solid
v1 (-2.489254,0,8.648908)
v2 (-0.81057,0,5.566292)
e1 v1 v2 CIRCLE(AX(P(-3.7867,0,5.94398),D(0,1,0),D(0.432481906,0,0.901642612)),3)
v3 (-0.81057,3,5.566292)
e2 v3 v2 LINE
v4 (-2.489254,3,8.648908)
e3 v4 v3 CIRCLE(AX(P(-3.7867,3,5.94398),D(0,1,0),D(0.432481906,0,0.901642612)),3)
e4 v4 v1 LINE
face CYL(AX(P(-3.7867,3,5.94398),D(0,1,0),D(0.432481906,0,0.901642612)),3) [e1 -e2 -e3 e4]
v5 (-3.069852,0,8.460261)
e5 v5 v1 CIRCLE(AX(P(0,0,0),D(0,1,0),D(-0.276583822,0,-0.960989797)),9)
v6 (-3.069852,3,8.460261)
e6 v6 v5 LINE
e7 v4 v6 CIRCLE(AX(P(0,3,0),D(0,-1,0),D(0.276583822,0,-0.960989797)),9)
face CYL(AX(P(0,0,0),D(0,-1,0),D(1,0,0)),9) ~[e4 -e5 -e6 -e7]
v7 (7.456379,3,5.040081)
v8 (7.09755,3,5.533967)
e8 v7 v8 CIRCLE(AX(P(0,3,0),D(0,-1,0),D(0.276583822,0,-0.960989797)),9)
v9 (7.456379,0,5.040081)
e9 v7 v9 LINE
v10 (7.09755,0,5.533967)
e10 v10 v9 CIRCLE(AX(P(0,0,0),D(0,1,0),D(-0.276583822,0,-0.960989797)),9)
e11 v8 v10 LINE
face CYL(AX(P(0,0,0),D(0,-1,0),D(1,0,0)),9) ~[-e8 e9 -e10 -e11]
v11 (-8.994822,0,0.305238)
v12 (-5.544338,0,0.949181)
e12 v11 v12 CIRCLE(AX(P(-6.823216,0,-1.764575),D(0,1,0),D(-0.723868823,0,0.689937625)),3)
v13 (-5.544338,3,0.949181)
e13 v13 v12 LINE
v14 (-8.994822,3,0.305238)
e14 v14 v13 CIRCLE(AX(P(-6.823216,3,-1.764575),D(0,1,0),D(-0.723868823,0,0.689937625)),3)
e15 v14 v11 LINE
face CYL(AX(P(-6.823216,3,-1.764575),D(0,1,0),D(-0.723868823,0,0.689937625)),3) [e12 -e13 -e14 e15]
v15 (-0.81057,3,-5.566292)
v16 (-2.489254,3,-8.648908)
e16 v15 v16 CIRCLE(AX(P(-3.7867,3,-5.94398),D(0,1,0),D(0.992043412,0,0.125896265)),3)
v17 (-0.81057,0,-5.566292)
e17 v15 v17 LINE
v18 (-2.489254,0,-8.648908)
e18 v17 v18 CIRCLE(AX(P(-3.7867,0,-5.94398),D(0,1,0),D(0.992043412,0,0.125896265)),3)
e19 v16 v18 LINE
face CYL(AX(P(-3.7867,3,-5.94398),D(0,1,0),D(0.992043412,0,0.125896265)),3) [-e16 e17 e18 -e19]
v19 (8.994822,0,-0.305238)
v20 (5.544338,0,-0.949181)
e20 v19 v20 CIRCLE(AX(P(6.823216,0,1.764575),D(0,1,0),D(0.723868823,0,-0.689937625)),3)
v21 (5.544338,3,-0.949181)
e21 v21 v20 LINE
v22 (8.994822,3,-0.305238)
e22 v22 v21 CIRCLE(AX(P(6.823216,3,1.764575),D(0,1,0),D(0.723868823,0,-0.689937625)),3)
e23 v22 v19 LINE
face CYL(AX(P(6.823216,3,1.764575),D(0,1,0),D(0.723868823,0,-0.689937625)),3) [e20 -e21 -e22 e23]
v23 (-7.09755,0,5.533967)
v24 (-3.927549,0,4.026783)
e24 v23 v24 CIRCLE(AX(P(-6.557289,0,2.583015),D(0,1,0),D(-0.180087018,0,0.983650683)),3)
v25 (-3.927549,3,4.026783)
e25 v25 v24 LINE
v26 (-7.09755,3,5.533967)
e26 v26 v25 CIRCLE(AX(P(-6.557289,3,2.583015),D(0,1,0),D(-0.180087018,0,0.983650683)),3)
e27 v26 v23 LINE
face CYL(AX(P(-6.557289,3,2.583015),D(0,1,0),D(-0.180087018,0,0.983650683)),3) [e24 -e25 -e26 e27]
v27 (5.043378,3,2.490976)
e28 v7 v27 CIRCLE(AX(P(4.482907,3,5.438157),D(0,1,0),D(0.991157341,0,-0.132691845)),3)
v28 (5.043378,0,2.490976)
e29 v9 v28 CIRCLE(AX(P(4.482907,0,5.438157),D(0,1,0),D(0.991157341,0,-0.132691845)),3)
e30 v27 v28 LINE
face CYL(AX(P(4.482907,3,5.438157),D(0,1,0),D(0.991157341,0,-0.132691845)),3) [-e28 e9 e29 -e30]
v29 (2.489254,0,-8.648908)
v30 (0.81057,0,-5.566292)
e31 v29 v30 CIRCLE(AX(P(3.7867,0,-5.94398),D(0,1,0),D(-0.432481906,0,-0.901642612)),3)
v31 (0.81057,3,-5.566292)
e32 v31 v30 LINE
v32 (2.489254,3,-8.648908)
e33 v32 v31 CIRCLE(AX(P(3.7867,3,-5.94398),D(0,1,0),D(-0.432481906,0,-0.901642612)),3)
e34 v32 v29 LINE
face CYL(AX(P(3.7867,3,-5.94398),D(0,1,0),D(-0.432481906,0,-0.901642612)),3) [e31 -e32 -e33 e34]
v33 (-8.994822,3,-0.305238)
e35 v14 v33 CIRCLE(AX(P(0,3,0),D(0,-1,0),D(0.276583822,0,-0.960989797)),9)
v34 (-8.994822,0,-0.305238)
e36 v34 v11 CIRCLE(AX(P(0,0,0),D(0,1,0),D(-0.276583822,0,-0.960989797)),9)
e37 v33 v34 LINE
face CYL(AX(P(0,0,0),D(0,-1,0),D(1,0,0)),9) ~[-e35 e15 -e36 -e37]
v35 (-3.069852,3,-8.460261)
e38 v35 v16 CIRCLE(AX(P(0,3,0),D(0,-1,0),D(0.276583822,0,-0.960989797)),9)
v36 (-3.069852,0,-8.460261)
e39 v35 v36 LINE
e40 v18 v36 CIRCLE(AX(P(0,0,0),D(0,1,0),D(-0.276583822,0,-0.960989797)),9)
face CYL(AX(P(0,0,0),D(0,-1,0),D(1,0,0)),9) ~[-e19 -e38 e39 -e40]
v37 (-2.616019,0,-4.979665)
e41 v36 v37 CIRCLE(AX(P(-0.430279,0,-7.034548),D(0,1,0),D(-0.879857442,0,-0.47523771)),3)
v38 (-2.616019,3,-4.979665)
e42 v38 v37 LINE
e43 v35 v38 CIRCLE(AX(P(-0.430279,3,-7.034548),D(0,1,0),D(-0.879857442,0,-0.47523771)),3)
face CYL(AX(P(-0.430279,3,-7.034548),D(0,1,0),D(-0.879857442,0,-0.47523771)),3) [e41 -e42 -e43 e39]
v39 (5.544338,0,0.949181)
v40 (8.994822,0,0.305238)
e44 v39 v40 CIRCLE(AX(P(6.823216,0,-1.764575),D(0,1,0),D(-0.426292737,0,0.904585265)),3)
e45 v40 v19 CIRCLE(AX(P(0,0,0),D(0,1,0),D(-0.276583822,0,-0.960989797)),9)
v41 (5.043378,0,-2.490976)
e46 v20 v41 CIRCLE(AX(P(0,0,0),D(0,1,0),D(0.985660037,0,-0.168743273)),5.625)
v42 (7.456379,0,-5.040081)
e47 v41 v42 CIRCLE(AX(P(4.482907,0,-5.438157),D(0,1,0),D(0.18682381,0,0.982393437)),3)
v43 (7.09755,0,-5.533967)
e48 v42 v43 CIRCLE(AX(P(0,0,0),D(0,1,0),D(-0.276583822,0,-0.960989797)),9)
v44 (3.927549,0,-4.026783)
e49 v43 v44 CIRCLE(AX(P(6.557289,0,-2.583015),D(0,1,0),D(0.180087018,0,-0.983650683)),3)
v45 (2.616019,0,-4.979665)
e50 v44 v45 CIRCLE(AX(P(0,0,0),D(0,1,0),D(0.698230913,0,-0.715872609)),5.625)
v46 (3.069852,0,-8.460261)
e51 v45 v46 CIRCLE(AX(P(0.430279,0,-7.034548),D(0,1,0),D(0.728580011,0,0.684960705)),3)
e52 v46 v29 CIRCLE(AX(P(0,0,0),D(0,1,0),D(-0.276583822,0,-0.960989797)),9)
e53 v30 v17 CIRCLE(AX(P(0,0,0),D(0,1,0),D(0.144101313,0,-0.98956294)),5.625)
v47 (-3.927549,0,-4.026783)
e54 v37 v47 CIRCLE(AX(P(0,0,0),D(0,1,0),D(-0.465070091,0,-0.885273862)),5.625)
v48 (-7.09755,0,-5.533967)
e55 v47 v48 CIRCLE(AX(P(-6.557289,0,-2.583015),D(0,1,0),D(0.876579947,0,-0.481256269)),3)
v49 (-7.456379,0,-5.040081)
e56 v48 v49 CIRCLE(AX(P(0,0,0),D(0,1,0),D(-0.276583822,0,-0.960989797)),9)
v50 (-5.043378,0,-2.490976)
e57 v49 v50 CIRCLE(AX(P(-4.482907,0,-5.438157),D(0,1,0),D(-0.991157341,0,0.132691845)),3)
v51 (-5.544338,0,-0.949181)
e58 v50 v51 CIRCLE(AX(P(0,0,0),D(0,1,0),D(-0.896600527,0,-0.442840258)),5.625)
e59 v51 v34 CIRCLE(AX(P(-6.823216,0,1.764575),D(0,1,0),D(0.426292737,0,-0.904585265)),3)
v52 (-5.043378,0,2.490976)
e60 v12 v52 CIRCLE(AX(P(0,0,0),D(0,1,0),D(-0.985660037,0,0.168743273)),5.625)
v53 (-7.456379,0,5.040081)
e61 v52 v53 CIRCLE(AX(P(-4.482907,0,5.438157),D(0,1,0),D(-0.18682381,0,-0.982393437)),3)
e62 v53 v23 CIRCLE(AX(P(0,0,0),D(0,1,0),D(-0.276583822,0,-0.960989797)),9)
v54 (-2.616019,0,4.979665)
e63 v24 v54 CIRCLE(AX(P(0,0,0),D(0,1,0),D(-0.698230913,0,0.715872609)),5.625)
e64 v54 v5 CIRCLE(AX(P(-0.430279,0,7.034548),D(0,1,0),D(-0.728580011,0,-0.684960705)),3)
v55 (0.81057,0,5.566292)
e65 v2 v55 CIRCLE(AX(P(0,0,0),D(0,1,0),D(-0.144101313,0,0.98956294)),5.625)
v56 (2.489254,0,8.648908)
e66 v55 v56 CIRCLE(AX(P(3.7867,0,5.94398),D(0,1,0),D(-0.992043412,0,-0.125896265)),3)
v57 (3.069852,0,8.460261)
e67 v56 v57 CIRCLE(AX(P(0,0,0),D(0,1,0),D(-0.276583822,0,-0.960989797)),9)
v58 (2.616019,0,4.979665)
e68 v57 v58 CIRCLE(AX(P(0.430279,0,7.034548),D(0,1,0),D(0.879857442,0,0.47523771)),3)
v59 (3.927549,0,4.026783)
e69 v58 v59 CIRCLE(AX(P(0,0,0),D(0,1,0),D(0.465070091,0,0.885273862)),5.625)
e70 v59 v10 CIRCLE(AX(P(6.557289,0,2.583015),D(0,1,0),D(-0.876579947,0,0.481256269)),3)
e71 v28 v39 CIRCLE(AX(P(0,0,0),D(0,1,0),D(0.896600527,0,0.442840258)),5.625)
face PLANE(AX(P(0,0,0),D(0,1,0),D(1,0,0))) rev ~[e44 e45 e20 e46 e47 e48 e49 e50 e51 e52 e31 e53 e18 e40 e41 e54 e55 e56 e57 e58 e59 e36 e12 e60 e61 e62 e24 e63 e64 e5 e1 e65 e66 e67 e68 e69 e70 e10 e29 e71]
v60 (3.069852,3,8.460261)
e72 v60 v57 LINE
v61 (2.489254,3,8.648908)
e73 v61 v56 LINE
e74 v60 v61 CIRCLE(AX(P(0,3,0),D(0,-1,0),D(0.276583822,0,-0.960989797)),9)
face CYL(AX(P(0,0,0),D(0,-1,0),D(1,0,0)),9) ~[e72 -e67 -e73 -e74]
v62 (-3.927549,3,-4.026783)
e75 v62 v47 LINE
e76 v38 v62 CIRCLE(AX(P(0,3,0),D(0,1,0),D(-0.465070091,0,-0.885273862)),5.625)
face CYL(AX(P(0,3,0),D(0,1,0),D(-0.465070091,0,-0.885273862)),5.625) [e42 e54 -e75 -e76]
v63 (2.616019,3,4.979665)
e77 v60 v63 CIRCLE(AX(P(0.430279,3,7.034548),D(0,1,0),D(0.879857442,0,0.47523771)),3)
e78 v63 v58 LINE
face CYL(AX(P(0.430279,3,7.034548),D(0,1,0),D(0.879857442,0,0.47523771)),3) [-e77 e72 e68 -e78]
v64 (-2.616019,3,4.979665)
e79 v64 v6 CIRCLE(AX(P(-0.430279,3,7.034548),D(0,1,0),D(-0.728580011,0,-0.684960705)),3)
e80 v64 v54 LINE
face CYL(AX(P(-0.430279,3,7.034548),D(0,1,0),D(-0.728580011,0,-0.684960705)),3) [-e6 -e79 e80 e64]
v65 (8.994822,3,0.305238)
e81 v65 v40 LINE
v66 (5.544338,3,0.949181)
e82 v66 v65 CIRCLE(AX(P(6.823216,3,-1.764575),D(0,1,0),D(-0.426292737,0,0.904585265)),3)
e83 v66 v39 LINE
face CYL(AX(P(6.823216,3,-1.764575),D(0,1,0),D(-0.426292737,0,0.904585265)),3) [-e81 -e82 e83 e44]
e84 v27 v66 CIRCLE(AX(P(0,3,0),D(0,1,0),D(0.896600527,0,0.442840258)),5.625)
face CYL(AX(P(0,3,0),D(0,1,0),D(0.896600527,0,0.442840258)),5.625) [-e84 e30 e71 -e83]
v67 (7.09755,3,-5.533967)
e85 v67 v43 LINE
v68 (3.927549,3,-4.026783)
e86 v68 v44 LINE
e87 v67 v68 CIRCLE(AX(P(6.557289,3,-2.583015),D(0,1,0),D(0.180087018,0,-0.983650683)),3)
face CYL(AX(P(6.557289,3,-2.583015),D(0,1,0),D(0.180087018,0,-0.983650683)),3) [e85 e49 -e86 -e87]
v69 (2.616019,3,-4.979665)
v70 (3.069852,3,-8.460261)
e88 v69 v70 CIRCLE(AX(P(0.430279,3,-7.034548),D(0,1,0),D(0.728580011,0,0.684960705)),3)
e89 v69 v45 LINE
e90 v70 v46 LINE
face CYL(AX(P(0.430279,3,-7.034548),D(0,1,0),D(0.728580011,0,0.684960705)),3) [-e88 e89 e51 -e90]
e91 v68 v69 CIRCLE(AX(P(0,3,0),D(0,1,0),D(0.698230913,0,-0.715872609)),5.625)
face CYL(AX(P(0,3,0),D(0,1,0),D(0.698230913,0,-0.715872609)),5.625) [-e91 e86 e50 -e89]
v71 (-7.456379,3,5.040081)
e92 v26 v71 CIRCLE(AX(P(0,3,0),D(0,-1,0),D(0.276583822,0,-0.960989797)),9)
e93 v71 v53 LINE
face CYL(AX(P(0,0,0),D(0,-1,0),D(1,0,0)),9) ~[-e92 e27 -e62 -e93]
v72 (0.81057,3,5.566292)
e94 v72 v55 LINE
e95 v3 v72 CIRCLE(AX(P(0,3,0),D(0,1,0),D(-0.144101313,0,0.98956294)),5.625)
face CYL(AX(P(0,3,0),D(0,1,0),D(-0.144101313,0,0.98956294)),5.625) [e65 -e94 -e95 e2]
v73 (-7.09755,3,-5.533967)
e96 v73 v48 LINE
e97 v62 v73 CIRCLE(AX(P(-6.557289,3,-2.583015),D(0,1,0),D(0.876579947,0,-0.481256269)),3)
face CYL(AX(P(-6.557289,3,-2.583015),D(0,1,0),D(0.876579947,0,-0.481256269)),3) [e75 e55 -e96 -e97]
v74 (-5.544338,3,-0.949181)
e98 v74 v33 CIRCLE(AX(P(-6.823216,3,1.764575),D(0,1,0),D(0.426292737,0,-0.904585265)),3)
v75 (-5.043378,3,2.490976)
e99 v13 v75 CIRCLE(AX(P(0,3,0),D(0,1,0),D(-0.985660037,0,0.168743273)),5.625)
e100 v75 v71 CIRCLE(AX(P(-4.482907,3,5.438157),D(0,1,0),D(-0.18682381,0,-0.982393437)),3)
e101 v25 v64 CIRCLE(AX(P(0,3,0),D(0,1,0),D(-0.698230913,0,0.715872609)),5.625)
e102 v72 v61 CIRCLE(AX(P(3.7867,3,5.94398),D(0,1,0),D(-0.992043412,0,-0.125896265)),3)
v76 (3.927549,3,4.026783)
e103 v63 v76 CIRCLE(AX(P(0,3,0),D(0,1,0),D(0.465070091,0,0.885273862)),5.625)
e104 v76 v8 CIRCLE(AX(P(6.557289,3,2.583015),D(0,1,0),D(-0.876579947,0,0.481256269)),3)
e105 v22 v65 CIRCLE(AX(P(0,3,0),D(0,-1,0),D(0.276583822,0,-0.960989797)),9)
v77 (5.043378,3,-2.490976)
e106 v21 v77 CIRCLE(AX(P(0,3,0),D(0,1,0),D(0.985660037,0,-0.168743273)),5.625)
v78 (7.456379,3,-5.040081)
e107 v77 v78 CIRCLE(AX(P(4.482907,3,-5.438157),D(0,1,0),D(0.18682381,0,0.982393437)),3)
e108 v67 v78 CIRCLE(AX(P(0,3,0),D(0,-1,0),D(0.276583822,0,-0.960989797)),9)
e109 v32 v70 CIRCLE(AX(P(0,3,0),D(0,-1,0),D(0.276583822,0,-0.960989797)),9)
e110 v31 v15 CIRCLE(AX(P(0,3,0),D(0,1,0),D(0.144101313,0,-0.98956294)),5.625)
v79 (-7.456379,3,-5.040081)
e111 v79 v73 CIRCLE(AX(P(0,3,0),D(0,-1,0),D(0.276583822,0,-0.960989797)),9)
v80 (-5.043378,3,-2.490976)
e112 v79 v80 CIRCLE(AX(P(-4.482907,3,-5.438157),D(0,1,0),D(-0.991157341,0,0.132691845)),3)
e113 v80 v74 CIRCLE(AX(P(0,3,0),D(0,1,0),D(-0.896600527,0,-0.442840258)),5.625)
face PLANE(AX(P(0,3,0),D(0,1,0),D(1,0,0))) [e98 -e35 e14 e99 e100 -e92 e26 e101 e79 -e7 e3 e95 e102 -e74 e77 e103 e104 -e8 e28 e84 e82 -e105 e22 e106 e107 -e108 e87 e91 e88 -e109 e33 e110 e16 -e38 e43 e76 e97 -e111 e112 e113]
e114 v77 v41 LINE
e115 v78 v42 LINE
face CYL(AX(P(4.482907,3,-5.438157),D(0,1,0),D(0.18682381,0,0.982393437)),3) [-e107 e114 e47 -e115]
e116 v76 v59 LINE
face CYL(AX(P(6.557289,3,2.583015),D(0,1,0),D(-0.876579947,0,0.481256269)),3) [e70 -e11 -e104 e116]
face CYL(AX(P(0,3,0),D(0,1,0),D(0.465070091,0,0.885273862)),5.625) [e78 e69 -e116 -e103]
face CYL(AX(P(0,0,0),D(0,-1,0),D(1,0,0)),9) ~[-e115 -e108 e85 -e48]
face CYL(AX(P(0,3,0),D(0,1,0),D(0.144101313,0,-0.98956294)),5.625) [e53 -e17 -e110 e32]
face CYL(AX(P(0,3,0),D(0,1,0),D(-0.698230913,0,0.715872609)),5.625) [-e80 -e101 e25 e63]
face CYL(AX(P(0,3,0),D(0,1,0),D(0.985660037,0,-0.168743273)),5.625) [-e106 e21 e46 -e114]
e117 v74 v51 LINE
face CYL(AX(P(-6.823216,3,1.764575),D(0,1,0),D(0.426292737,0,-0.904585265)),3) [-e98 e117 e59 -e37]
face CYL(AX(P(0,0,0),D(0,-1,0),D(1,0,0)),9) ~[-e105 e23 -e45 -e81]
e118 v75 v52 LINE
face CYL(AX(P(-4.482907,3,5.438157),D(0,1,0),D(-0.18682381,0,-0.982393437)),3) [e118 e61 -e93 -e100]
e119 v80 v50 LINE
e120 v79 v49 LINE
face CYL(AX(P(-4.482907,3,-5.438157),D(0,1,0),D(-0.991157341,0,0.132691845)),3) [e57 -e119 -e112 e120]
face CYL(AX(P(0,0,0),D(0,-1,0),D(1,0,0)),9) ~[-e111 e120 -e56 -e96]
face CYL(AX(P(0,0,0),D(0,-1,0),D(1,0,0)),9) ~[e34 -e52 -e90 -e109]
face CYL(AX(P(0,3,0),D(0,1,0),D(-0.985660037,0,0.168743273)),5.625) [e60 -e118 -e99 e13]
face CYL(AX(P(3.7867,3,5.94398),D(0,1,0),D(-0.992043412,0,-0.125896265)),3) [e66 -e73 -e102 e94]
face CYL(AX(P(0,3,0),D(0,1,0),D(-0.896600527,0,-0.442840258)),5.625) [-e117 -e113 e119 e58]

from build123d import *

# Parameters (mm, degrees)
SKETCH1_R           = 9
BOSS_EXTRUDE1_DEPTH = 3
CUT_EXTRUDE1_DEPTH  = 4
CIRPATTERN1_COUNT   = 10


with BuildPart() as part:
    # Sketch1 → Boss-Extrude1 (new body)
    with BuildSketch(Plane(origin=(0, 0, 0), x_dir=(1, 0, 0), z_dir=(0, 1, 0))):
        Circle(SKETCH1_R)
    extrude(amount=BOSS_EXTRUDE1_DEPTH)

    # Sketch2 → Cut-Extrude1 (cut, through all)
    with BuildSketch(Plane(origin=(0, 3, 0), x_dir=(1, 0, 0), z_dir=(0, 1, 0))):
        with BuildLine():
            ThreePointArc((-2.489254397, 8.648908171), (0, 9), (2.489254397, 8.648908171))
            ThreePointArc((2.489254397, 8.648908171), (1.152028564, 7.378729724), (0.810569881, 5.566291536))
            ThreePointArc((0.810569881, 5.566291536), (0, 5.625), (-0.810569881, 5.566291536))
            ThreePointArc((-0.810569881, 5.566291536), (-1.152028564, 7.378729724), (-2.489254397, 8.648908171))
        make_face()
    cut_extrude1 = extrude(amount=-CUT_EXTRUDE1_DEPTH, mode=Mode.SUBTRACT)

    # CirPattern1: Cut-Extrude1 ×10 about axis
    cirpattern1_axis = Axis((0, 0, 0), (0, 1, 0))
    for i in range(1, CIRPATTERN1_COUNT):
        add(cut_extrude1.rotate(cirpattern1_axis, i * 360 / CIRPATTERN1_COUNT), mode=Mode.SUBTRACT)


solid = part.part
